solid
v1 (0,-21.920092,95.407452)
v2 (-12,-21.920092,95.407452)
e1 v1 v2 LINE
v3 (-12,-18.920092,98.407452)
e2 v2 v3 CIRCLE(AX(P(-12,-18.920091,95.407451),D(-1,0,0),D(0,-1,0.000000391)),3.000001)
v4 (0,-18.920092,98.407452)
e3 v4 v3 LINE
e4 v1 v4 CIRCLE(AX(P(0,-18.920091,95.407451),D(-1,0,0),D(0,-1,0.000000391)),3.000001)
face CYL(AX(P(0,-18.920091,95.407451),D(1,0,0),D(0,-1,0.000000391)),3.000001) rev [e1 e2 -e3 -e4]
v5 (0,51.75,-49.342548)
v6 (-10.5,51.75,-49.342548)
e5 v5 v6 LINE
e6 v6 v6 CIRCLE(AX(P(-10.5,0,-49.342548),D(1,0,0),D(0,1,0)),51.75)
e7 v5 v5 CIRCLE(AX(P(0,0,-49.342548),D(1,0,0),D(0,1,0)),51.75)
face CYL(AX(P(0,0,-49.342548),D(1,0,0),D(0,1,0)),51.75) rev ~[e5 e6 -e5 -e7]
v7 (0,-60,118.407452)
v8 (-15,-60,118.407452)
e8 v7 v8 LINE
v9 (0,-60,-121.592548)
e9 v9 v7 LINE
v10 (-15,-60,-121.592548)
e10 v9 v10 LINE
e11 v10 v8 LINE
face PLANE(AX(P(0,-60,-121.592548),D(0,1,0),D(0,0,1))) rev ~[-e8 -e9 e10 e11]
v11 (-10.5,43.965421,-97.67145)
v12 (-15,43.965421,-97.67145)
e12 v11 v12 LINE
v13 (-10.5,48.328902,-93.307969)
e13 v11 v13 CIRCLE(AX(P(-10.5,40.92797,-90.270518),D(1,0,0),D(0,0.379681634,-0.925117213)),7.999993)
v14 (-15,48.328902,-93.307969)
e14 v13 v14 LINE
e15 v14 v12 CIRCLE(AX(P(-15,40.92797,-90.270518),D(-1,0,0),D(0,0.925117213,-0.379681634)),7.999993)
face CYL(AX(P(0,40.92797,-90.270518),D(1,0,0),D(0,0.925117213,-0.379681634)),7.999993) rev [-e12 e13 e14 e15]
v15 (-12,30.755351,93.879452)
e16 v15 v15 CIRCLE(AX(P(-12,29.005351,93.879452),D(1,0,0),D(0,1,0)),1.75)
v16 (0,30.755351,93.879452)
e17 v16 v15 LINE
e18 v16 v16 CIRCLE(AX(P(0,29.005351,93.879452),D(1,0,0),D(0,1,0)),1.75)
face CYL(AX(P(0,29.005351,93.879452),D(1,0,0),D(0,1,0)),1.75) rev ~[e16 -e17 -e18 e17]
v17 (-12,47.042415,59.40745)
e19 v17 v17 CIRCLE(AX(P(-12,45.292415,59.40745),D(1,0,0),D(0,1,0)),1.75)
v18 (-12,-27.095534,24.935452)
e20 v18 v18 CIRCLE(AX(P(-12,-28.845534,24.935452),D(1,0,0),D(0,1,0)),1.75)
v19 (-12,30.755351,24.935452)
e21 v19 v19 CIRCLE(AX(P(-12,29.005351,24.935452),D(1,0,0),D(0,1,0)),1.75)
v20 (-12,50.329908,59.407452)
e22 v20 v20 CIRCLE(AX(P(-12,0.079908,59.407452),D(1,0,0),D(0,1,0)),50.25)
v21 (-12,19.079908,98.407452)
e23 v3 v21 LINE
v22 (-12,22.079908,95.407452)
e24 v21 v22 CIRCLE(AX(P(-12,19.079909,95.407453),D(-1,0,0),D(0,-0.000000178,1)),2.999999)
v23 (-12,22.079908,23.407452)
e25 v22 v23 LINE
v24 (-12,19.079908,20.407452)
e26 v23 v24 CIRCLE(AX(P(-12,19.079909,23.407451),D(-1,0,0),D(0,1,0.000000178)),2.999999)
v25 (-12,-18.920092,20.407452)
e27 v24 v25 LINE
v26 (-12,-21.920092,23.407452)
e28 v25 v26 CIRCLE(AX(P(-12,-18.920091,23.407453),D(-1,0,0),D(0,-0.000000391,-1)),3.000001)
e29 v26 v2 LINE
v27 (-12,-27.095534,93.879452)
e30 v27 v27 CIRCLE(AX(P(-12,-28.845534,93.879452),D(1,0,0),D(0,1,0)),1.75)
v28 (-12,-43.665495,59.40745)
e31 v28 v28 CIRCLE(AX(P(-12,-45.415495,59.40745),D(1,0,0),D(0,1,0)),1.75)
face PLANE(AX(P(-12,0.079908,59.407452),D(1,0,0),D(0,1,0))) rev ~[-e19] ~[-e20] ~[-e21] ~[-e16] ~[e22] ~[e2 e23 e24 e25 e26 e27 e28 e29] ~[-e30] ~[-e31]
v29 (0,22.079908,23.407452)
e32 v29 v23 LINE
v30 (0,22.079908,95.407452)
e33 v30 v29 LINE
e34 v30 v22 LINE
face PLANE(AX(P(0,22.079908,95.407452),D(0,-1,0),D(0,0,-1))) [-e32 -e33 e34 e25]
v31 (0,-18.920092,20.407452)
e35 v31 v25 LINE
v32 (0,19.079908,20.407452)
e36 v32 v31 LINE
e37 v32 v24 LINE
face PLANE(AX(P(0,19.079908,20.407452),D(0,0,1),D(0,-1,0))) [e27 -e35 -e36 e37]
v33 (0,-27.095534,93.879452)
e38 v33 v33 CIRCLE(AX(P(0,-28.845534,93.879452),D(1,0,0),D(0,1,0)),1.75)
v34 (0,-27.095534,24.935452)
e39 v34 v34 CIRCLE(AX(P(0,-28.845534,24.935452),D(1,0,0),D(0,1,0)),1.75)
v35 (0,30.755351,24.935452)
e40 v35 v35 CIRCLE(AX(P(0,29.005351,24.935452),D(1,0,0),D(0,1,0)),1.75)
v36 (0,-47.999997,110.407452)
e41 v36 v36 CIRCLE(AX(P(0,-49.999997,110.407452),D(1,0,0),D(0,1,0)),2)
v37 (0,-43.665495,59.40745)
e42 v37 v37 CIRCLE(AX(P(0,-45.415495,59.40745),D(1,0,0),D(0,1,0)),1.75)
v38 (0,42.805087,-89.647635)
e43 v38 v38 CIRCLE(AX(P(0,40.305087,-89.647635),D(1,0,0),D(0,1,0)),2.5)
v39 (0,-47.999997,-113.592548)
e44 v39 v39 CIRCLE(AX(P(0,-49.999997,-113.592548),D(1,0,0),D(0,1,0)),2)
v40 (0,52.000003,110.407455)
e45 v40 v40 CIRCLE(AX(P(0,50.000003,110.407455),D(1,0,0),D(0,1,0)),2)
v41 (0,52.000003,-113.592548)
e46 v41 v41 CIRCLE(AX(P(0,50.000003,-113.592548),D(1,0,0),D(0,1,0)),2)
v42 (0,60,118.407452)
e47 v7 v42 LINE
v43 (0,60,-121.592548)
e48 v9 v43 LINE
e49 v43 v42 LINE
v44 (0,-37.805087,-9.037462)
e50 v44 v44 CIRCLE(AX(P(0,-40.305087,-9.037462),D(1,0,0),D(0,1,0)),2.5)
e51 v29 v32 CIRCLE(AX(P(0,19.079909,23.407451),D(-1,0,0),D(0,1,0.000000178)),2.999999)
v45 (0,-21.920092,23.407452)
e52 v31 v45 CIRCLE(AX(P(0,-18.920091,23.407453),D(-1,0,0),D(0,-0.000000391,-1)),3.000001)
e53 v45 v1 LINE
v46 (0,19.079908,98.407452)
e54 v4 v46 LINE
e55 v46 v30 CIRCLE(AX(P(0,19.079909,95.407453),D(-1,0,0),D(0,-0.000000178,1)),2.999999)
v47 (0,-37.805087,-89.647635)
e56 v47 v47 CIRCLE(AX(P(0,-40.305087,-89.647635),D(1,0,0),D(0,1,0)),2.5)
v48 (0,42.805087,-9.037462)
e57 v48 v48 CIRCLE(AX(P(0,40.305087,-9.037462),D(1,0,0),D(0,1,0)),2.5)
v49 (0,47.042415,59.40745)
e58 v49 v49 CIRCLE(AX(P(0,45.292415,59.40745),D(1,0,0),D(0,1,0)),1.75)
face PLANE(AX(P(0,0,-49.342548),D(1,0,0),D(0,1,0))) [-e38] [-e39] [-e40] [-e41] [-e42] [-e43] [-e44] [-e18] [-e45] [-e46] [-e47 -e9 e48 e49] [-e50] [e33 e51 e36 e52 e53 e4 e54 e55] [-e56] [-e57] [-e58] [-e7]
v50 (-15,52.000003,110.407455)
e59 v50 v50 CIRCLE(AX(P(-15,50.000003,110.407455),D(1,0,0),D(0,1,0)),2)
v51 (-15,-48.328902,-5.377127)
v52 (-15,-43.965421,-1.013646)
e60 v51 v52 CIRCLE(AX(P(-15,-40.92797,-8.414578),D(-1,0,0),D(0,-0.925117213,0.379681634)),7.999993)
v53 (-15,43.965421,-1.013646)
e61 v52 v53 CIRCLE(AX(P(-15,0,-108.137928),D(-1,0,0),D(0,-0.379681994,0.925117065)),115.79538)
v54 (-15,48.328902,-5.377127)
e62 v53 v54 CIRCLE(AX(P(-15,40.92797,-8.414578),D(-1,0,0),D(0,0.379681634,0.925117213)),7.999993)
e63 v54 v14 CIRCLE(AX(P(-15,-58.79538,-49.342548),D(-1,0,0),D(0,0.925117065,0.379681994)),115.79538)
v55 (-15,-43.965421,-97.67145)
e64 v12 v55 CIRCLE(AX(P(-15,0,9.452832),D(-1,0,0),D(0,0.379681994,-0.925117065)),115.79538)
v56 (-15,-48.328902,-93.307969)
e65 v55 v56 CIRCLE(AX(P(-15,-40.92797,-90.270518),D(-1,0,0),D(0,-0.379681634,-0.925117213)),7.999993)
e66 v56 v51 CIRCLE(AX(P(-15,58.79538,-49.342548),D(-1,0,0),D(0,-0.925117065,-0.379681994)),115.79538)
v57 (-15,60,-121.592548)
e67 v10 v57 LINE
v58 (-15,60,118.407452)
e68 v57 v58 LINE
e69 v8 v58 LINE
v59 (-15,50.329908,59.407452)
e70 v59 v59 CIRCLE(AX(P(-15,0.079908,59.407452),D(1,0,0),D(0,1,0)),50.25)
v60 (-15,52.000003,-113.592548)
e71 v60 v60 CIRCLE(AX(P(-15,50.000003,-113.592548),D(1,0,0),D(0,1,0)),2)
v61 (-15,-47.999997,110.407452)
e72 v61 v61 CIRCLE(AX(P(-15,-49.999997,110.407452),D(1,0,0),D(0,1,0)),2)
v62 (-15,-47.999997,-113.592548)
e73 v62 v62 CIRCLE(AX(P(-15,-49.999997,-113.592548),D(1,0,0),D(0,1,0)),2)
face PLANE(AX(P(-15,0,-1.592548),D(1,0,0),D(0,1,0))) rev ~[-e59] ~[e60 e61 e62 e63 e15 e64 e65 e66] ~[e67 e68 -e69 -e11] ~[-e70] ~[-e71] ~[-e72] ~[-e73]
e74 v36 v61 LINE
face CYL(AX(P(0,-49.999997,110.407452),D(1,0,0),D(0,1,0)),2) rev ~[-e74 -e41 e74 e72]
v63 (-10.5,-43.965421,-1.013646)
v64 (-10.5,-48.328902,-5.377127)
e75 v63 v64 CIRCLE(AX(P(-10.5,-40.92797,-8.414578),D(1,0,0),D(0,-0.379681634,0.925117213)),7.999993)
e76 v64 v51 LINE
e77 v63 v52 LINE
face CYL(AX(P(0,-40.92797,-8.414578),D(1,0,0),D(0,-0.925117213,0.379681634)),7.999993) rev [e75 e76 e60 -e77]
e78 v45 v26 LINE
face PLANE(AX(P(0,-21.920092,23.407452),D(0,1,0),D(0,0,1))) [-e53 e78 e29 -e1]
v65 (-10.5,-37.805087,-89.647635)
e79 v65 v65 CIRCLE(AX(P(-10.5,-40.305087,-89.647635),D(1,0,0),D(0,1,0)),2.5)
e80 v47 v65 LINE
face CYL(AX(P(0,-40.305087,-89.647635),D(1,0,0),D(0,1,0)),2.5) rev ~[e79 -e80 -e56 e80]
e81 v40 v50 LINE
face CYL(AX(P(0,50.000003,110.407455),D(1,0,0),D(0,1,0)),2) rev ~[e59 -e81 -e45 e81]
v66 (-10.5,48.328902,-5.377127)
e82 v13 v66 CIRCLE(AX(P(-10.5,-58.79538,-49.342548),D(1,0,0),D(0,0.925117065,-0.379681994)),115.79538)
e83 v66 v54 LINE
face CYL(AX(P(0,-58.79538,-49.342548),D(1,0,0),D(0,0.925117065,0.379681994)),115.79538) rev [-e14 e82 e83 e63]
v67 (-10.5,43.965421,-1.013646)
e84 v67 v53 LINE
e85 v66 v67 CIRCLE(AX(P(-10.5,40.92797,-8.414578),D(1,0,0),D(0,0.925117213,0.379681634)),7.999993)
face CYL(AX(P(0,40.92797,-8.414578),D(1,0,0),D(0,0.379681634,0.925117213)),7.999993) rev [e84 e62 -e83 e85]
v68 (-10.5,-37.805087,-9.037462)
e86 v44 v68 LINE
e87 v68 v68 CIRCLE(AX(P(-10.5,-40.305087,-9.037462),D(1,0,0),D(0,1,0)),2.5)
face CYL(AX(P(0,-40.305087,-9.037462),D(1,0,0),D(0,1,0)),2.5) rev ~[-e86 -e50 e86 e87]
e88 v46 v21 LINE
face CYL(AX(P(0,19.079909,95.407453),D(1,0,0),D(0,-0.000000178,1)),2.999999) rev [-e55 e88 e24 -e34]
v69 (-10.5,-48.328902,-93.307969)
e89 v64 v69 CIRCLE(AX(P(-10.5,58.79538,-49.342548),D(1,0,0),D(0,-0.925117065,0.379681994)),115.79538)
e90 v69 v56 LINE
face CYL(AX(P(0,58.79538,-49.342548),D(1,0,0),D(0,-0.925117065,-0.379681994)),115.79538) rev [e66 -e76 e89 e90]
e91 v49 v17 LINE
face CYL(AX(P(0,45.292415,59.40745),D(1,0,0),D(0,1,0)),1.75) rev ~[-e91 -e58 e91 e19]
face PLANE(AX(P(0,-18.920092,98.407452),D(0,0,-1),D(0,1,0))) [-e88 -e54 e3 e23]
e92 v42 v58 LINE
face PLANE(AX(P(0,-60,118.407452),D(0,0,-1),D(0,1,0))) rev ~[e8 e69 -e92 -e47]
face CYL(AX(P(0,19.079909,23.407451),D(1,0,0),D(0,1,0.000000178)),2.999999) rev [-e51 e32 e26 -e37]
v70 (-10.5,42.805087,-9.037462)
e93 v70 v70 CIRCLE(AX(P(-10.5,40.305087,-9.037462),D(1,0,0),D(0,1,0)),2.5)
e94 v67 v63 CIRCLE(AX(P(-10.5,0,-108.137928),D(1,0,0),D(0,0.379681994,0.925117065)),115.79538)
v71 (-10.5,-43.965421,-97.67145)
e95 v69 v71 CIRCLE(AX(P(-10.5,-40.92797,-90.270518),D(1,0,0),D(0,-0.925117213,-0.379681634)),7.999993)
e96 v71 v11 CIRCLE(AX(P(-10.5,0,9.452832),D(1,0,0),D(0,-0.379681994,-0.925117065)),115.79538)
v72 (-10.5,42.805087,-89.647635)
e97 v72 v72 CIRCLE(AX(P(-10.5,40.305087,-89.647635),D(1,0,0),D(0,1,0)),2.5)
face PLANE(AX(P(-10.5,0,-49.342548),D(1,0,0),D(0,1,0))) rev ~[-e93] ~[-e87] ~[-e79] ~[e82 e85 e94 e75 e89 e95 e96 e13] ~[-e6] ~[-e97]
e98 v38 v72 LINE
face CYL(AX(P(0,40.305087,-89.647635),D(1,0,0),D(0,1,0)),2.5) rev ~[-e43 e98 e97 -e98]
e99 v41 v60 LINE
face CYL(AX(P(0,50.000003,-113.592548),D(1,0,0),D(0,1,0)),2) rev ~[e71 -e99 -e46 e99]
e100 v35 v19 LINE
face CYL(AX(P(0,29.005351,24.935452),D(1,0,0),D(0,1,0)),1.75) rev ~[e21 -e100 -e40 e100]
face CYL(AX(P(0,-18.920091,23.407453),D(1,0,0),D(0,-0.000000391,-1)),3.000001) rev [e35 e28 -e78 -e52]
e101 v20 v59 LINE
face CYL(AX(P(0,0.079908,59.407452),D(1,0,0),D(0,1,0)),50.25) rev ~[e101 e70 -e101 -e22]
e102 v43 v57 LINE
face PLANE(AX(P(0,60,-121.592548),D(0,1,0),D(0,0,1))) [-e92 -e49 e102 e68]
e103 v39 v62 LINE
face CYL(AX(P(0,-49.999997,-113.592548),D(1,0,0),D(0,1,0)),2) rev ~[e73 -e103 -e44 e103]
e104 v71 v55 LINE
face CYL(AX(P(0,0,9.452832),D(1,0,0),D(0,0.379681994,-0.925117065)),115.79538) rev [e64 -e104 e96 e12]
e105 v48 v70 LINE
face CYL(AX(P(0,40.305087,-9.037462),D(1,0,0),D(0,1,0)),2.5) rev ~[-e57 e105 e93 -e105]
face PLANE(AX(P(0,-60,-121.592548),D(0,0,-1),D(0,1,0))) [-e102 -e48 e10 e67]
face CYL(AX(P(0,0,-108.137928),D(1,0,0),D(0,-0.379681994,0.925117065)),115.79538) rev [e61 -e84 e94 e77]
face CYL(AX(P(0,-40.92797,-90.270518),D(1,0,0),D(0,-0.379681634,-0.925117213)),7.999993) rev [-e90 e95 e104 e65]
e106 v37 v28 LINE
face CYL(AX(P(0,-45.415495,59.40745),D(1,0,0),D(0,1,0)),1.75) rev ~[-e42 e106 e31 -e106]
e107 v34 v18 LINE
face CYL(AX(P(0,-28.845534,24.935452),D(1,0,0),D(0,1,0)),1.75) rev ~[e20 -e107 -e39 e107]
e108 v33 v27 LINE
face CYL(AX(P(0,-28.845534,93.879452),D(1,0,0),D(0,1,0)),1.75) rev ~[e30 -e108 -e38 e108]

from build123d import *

# Parameters (mm, degrees)
F0_W     = 120
F0_H     = 240
F0_R     = 2
F0_R_2   = 50.25
F1_DEPTH = 15
F0_R_3   = 1.75
F2_DEPTH = 12
F0_R_4   = 2.5
F0_R_5   = 51.75
F3_DEPTH = 10.5


with BuildPart() as f1:
    # F0 (on Right) → F1 (new body)
    with BuildSketch(Plane.YZ):
        with Locations((0, -1.592548)):
            Rectangle(F0_W, F0_H)
        with Locations((-49.999997, -113.592548)):
            Circle(F0_R, mode=Mode.SUBTRACT)
        with BuildLine():
            ThreePointArc((-43.965421, -1.013646), (0, 7.657452), (43.965421, -1.013646))
            ThreePointArc((43.965421, -1.013646), (46.58482, -2.757728), (48.328902, -5.377127))
            ThreePointArc((48.328902, -5.377127), (57, -49.342548), (48.328902, -93.307969))
            ThreePointArc((48.328902, -93.307969), (46.58482, -95.927368), (43.965421, -97.67145))
            ThreePointArc((43.965421, -97.67145), (0, -106.342548), (-43.965421, -97.67145))
            ThreePointArc((-43.965421, -97.67145), (-46.58482, -95.927368), (-48.328902, -93.307969))
            ThreePointArc((-48.328902, -93.307969), (-57, -49.342548), (-48.328902, -5.377127))
            ThreePointArc((-48.328902, -5.377127), (-46.58482, -2.757728), (-43.965421, -1.013646))
        make_face(mode=Mode.SUBTRACT)
        with Locations((50.000003, -113.592548)):
            Circle(F0_R, mode=Mode.SUBTRACT)
        with Locations((-49.999997, 110.407452)):
            Circle(F0_R, mode=Mode.SUBTRACT)
        with Locations((0.079908, 59.407452)):
            Circle(F0_R_2, mode=Mode.SUBTRACT)
        with Locations((50.000003, 110.407455)):
            Circle(F0_R, mode=Mode.SUBTRACT)
    extrude(amount=-F1_DEPTH)

    # F0 (on Right) → F2 (join)
    with BuildSketch(Plane.YZ):
        with Locations((0.079908, 59.407452)):
            Circle(F0_R_2)
        with Locations((-28.845534, 24.935452)):
            Circle(F0_R_3, mode=Mode.SUBTRACT)
        with Locations((-45.415495, 59.40745)):
            Circle(F0_R_3, mode=Mode.SUBTRACT)
        with Locations((-28.845534, 93.879452)):
            Circle(F0_R_3, mode=Mode.SUBTRACT)
        with Locations((29.005351, 24.935452)):
            Circle(F0_R_3, mode=Mode.SUBTRACT)
        with BuildLine():
            Line((-18.920092, 98.407452), (19.079908, 98.407452))
            ThreePointArc((19.079908, 98.407452), (21.201229, 97.528772), (22.079908, 95.407452))
            Line((22.079908, 95.407452), (22.079908, 23.407452))
            ThreePointArc((22.079908, 23.407452), (21.201229, 21.286132), (19.079908, 20.407452))
            Line((19.079908, 20.407452), (-18.920092, 20.407452))
            ThreePointArc((-18.920092, 20.407452), (-21.041412, 21.286132), (-21.920092, 23.407452))
            Line((-21.920092, 23.407452), (-21.920092, 95.407452))
            ThreePointArc((-21.920092, 95.407452), (-21.041412, 97.528772), (-18.920092, 98.407452))
        make_face(mode=Mode.SUBTRACT)
        with Locations((29.005351, 93.879452)):
            Circle(F0_R_3, mode=Mode.SUBTRACT)
        with Locations((45.292415, 59.40745)):
            Circle(F0_R_3, mode=Mode.SUBTRACT)
    extrude(amount=-F2_DEPTH)

    # F0 (on Right) → F3 (join)
    with BuildSketch(Plane.YZ):
        with BuildLine():
            ThreePointArc((48.328902, -5.377127), (46.58482, -2.757728), (43.965421, -1.013646))
            ThreePointArc((43.965421, -1.013646), (0, 7.657452), (-43.965421, -1.013646))
            ThreePointArc((-43.965421, -1.013646), (-46.58482, -2.757728), (-48.328902, -5.377127))
            ThreePointArc((-48.328902, -5.377127), (-57, -49.342548), (-48.328902, -93.307969))
            ThreePointArc((-48.328902, -93.307969), (-46.58482, -95.927368), (-43.965421, -97.67145))
            ThreePointArc((-43.965421, -97.67145), (0, -106.342548), (43.965421, -97.67145))
            ThreePointArc((43.965421, -97.67145), (46.58482, -95.927368), (48.328902, -93.307969))
            ThreePointArc((48.328902, -93.307969), (57, -49.342548), (48.328902, -5.377127))
        make_face()
        with Locations((-40.305087, -89.647635)):
            Circle(F0_R_4, mode=Mode.SUBTRACT)
        with Locations((-40.305087, -9.037462)):
            Circle(F0_R_4, mode=Mode.SUBTRACT)
        with Locations((40.305087, -89.647635)):
            Circle(F0_R_4, mode=Mode.SUBTRACT)
        with Locations((0, -49.342548)):
            Circle(F0_R_5, mode=Mode.SUBTRACT)
        with Locations((40.305087, -9.037462)):
            Circle(F0_R_4, mode=Mode.SUBTRACT)
    extrude(amount=-F3_DEPTH)


solid = f1.part
